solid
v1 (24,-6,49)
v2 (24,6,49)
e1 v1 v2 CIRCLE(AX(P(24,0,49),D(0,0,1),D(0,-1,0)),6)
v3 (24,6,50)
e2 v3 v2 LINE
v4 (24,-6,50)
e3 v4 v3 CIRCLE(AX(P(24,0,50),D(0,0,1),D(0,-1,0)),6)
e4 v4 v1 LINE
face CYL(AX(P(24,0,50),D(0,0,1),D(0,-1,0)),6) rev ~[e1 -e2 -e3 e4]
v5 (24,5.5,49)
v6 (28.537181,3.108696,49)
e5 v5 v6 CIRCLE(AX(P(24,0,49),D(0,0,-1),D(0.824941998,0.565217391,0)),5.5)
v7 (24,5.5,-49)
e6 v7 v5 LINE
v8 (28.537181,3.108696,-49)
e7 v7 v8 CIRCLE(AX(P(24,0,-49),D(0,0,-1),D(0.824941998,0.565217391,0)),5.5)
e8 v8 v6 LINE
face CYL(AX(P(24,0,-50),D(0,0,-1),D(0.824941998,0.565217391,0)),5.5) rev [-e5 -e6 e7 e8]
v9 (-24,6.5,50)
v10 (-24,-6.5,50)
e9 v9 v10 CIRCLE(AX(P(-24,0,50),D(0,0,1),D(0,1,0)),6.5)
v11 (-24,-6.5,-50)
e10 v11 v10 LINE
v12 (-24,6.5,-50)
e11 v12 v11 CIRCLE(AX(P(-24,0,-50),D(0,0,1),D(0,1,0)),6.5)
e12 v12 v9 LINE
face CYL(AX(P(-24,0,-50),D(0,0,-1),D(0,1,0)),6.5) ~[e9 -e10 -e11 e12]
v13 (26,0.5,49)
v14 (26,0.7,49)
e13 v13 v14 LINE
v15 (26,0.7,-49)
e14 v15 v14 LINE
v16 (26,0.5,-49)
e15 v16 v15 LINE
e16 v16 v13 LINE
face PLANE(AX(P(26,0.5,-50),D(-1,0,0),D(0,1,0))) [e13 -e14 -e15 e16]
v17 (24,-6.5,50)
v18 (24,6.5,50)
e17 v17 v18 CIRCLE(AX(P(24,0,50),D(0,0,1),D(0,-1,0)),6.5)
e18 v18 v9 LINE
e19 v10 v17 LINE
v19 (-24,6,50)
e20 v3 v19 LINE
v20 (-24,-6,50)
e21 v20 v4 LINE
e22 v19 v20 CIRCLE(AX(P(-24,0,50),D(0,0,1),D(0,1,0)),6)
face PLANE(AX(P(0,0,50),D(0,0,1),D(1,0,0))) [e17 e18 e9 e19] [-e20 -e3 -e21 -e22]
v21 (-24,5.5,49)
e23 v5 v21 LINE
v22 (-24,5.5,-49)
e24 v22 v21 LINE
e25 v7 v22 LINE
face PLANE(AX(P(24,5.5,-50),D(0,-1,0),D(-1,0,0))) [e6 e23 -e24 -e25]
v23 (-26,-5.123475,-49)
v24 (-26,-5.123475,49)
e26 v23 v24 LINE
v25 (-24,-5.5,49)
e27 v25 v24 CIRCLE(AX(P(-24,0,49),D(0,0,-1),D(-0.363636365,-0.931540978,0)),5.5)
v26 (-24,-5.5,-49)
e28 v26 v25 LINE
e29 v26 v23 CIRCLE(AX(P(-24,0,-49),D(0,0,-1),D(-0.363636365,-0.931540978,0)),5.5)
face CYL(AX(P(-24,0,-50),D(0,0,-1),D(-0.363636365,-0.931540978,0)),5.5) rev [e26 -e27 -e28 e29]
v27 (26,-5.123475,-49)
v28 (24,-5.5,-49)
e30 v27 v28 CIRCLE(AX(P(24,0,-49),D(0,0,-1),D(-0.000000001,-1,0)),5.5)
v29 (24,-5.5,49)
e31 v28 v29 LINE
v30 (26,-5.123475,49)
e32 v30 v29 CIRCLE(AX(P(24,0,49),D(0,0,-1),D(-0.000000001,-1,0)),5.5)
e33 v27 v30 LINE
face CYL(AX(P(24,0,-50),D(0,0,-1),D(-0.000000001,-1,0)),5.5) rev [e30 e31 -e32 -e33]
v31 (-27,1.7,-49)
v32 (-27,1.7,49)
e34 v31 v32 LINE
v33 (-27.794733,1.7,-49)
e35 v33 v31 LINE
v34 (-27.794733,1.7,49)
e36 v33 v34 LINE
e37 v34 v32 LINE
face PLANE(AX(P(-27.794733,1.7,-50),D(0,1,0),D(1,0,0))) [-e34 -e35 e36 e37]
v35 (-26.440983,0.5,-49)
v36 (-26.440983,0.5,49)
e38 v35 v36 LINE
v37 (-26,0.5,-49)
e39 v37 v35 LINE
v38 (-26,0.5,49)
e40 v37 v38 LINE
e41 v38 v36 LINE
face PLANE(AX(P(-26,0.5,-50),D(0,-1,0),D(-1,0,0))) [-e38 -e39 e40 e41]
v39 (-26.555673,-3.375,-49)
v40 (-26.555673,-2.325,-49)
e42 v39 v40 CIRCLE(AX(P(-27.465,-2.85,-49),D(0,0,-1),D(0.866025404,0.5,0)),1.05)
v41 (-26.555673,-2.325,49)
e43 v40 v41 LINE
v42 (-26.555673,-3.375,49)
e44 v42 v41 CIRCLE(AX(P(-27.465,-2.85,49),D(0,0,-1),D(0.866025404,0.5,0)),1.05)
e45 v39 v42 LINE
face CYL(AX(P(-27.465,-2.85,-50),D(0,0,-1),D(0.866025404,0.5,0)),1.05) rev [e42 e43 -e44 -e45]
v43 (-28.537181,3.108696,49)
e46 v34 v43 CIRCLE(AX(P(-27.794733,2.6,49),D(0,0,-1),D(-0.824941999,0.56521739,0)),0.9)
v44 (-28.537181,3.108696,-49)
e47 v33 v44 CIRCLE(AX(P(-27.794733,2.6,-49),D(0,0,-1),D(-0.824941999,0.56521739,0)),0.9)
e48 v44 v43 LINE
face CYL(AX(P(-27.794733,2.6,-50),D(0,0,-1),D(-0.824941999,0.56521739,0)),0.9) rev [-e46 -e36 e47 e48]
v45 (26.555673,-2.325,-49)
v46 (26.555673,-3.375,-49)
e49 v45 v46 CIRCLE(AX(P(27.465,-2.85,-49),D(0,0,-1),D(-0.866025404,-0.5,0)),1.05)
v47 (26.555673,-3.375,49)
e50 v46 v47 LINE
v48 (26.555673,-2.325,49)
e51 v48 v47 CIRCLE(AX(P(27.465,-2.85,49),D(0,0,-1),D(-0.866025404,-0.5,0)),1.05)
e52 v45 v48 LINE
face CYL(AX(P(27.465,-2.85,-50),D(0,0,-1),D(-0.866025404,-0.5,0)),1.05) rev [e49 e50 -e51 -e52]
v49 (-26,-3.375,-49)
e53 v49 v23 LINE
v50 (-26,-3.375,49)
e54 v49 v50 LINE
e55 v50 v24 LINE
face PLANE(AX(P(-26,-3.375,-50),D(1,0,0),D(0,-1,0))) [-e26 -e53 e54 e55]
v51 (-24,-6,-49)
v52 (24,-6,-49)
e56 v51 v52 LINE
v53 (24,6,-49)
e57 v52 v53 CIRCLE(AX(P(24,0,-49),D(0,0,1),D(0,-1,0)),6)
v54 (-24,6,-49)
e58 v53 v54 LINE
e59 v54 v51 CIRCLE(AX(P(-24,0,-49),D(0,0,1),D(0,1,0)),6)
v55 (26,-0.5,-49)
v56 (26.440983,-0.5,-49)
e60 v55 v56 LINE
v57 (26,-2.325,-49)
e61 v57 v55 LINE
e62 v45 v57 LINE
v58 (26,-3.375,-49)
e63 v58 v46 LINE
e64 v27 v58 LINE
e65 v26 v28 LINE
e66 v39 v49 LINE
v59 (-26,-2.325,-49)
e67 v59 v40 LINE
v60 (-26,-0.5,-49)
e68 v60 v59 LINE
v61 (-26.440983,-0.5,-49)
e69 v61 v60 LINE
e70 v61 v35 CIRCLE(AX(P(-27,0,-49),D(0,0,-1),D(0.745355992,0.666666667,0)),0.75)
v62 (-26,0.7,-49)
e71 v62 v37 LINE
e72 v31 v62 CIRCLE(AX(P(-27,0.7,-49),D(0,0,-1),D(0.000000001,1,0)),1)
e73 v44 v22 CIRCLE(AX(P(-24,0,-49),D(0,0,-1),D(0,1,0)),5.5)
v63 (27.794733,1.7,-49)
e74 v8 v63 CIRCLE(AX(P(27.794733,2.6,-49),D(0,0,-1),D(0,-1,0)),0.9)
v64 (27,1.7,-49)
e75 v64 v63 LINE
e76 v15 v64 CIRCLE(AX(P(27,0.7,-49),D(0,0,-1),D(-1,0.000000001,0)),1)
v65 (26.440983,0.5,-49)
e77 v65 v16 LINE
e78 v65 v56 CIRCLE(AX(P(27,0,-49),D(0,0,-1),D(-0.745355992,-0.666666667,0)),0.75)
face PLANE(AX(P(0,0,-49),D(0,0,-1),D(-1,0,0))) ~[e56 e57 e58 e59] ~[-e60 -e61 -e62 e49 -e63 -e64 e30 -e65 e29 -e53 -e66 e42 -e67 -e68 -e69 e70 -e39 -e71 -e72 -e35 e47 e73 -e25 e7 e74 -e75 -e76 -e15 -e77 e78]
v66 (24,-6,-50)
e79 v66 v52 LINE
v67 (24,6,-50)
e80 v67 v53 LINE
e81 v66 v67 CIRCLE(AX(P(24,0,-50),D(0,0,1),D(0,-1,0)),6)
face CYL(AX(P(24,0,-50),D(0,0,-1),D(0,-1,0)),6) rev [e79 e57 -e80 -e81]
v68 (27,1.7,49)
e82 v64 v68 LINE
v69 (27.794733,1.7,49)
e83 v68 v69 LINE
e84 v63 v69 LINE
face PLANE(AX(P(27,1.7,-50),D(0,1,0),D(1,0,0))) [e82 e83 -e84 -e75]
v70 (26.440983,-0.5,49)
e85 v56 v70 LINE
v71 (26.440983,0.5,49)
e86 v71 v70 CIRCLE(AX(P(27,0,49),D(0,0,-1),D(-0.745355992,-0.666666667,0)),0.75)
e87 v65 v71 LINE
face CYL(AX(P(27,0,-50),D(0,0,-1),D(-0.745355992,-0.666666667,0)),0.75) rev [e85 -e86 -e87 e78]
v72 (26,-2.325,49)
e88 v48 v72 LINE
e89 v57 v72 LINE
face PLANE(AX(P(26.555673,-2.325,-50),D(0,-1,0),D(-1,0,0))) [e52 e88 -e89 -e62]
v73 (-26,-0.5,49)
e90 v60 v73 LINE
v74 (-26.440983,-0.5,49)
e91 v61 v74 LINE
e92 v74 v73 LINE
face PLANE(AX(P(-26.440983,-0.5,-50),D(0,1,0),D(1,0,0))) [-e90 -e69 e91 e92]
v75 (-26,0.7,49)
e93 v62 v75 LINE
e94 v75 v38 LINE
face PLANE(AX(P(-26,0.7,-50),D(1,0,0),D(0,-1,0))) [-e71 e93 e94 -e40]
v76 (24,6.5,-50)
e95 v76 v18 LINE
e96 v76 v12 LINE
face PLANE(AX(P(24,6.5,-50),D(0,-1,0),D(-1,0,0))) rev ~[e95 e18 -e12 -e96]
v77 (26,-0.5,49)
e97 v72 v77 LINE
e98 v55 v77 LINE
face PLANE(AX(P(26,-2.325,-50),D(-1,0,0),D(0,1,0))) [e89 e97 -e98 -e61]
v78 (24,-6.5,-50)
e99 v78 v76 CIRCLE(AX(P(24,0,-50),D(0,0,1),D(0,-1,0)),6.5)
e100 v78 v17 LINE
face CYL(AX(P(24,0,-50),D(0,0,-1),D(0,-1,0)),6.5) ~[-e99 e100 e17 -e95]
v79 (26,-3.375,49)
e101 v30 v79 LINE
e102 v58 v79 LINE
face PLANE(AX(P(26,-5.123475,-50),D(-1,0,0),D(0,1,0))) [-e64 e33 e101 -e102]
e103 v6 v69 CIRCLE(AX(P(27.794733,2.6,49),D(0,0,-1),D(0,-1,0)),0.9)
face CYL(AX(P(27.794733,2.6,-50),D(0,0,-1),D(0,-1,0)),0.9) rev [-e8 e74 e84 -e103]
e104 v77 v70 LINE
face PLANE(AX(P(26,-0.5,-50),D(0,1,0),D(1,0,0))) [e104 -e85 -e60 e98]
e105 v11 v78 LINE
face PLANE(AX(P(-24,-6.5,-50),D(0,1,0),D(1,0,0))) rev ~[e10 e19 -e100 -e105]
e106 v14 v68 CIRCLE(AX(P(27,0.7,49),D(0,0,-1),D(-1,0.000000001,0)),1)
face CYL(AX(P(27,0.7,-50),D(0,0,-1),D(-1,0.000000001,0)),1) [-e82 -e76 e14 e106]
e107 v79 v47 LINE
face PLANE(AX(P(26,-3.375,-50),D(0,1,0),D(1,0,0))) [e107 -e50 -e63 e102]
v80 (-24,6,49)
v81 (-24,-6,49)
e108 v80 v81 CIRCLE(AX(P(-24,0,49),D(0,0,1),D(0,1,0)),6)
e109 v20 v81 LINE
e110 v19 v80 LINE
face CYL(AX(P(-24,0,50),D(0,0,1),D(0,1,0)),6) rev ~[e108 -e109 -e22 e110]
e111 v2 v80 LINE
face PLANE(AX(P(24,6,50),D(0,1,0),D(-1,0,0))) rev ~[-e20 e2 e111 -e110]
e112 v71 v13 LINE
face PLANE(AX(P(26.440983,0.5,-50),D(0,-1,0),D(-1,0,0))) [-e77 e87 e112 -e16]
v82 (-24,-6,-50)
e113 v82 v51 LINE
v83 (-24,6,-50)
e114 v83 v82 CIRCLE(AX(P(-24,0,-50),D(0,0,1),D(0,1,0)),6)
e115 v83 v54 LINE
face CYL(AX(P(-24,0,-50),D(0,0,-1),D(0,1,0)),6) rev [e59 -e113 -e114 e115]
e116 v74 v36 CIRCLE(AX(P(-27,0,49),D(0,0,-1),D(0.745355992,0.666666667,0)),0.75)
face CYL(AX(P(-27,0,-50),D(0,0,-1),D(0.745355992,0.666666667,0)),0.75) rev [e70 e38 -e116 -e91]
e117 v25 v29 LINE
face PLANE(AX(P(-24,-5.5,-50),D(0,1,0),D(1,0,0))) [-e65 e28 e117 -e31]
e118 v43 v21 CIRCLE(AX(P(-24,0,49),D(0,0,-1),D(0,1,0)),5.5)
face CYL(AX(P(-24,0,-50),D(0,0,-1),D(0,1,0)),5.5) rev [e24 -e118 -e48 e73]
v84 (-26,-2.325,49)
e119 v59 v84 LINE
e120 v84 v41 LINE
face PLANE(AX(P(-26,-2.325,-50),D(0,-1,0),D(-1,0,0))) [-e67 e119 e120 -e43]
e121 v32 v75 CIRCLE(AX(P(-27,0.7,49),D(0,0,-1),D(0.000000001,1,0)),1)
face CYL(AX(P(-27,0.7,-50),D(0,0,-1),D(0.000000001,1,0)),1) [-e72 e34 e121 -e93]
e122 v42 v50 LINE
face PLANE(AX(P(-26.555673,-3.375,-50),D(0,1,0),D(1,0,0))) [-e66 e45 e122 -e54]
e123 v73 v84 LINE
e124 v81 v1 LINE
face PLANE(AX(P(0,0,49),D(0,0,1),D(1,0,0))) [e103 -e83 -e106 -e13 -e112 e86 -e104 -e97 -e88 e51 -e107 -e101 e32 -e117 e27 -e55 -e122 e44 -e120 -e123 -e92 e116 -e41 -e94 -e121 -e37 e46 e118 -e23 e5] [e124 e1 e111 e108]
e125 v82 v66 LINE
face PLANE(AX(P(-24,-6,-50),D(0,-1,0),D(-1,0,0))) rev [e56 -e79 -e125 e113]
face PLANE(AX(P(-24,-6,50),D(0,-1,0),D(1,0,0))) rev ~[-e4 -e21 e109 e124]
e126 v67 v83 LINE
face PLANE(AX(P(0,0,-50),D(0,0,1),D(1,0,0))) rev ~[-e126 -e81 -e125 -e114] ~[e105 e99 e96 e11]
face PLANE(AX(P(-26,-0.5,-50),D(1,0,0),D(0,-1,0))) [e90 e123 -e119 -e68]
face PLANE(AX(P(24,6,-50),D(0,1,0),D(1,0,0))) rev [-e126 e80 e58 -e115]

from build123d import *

# Parameters (mm, degrees)
BOSS_EXTRUDE1_DEPTH      = 50
BOSS_EXTRUDE1_DEPTH_BACK = 50
CUT_EXTRUDE1_DEPTH       = 1


with BuildPart() as part:
    # Sketch1 → Boss-Extrude1 (new, two sides: drawn at the far end of the back side and taken through both)
    with BuildSketch(Plane.XY.offset(-BOSS_EXTRUDE1_DEPTH_BACK)):
        with BuildLine():
            Line((24, 6.5), (-24, 6.5))
            ThreePointArc((-24, 6.5), (-30.5, 0), (-24, -6.5))
            Line((-24, -6.5), (24, -6.5))
            ThreePointArc((24, -6.5), (30.5, 0), (24, 6.5))
        make_face()
        with BuildLine():
            Line((24, 5.5), (-24, 5.5))
            ThreePointArc((-24, 5.5), (-26.564388223, 4.865584553), (-28.537180991, 3.108695652))
            ThreePointArc((-28.537180991, 3.108695652), (-28.590919755, 2.180372836), (-27.794733192, 1.7))
            Line((-27.794733192, 1.7), (-27, 1.7))
            ThreePointArc((-27, 1.7), (-26.292893219, 1.407106781), (-26, 0.7))
            Line((-26, 0.7), (-26, 0.5))
            Line((-26, 0.5), (-26.440983006, 0.5))
            ThreePointArc((-26.440983006, 0.5), (-27.75, 0), (-26.440983006, -0.5))
            Line((-26.440983006, -0.5), (-26, -0.5))
            Line((-26, -0.5), (-26, -2.325))
            Line((-26, -2.325), (-26.555673326, -2.325))
            ThreePointArc((-26.555673326, -2.325), (-28.515, -2.85), (-26.555673326, -3.375))
            Line((-26.555673326, -3.375), (-26, -3.375))
            Line((-26, -3.375), (-26, -5.123475383))
            ThreePointArc((-26, -5.123475383), (-25.017567048, -5.405049242), (-24, -5.5))
            Line((-24, -5.5), (24, -5.5))
            ThreePointArc((24, -5.5), (25.017567048, -5.405049242), (26, -5.123475383))
            Line((26, -5.123475383), (26, -3.375))
            Line((26, -3.375), (26.555673326, -3.375))
            ThreePointArc((26.555673326, -3.375), (28.515, -2.85), (26.555673326, -2.325))
            Line((26.555673326, -2.325), (26, -2.325))
            Line((26, -2.325), (26, -0.5))
            Line((26, -0.5), (26.440983006, -0.5))
            ThreePointArc((26.440983006, -0.5), (27.75, 0), (26.440983006, 0.5))
            Line((26.440983006, 0.5), (26, 0.5))
            Line((26, 0.5), (26, 0.7))
            ThreePointArc((26, 0.7), (26.292893219, 1.407106781), (27, 1.7))
            Line((27, 1.7), (27.794733192, 1.7))
            ThreePointArc((27.794733192, 1.7), (28.590919755, 2.180372836), (28.537180991, 3.108695652))
            ThreePointArc((28.537180991, 3.108695652), (26.564388223, 4.865584553), (24, 5.5))
        make_face(mode=Mode.SUBTRACT)
    extrude(amount=BOSS_EXTRUDE1_DEPTH + BOSS_EXTRUDE1_DEPTH_BACK)

    # Sketch2 → Cut-Extrude1 (cut)
    with BuildSketch(Plane.XY.offset(50)):
        with BuildLine():
            Line((24, 6), (-24, 6))
            ThreePointArc((-24, 6), (-30, 0), (-24, -6))
            Line((-24, -6), (24, -6))
            ThreePointArc((24, -6), (30, 0), (24, 6))
        make_face()
    cut_extrude1 = extrude(amount=-CUT_EXTRUDE1_DEPTH, mode=Mode.SUBTRACT)

    # Mirror1: Cut-Extrude1 across plane
    add(cut_extrude1.mirror(Plane.XY), mode=Mode.SUBTRACT)


solid = part.part
